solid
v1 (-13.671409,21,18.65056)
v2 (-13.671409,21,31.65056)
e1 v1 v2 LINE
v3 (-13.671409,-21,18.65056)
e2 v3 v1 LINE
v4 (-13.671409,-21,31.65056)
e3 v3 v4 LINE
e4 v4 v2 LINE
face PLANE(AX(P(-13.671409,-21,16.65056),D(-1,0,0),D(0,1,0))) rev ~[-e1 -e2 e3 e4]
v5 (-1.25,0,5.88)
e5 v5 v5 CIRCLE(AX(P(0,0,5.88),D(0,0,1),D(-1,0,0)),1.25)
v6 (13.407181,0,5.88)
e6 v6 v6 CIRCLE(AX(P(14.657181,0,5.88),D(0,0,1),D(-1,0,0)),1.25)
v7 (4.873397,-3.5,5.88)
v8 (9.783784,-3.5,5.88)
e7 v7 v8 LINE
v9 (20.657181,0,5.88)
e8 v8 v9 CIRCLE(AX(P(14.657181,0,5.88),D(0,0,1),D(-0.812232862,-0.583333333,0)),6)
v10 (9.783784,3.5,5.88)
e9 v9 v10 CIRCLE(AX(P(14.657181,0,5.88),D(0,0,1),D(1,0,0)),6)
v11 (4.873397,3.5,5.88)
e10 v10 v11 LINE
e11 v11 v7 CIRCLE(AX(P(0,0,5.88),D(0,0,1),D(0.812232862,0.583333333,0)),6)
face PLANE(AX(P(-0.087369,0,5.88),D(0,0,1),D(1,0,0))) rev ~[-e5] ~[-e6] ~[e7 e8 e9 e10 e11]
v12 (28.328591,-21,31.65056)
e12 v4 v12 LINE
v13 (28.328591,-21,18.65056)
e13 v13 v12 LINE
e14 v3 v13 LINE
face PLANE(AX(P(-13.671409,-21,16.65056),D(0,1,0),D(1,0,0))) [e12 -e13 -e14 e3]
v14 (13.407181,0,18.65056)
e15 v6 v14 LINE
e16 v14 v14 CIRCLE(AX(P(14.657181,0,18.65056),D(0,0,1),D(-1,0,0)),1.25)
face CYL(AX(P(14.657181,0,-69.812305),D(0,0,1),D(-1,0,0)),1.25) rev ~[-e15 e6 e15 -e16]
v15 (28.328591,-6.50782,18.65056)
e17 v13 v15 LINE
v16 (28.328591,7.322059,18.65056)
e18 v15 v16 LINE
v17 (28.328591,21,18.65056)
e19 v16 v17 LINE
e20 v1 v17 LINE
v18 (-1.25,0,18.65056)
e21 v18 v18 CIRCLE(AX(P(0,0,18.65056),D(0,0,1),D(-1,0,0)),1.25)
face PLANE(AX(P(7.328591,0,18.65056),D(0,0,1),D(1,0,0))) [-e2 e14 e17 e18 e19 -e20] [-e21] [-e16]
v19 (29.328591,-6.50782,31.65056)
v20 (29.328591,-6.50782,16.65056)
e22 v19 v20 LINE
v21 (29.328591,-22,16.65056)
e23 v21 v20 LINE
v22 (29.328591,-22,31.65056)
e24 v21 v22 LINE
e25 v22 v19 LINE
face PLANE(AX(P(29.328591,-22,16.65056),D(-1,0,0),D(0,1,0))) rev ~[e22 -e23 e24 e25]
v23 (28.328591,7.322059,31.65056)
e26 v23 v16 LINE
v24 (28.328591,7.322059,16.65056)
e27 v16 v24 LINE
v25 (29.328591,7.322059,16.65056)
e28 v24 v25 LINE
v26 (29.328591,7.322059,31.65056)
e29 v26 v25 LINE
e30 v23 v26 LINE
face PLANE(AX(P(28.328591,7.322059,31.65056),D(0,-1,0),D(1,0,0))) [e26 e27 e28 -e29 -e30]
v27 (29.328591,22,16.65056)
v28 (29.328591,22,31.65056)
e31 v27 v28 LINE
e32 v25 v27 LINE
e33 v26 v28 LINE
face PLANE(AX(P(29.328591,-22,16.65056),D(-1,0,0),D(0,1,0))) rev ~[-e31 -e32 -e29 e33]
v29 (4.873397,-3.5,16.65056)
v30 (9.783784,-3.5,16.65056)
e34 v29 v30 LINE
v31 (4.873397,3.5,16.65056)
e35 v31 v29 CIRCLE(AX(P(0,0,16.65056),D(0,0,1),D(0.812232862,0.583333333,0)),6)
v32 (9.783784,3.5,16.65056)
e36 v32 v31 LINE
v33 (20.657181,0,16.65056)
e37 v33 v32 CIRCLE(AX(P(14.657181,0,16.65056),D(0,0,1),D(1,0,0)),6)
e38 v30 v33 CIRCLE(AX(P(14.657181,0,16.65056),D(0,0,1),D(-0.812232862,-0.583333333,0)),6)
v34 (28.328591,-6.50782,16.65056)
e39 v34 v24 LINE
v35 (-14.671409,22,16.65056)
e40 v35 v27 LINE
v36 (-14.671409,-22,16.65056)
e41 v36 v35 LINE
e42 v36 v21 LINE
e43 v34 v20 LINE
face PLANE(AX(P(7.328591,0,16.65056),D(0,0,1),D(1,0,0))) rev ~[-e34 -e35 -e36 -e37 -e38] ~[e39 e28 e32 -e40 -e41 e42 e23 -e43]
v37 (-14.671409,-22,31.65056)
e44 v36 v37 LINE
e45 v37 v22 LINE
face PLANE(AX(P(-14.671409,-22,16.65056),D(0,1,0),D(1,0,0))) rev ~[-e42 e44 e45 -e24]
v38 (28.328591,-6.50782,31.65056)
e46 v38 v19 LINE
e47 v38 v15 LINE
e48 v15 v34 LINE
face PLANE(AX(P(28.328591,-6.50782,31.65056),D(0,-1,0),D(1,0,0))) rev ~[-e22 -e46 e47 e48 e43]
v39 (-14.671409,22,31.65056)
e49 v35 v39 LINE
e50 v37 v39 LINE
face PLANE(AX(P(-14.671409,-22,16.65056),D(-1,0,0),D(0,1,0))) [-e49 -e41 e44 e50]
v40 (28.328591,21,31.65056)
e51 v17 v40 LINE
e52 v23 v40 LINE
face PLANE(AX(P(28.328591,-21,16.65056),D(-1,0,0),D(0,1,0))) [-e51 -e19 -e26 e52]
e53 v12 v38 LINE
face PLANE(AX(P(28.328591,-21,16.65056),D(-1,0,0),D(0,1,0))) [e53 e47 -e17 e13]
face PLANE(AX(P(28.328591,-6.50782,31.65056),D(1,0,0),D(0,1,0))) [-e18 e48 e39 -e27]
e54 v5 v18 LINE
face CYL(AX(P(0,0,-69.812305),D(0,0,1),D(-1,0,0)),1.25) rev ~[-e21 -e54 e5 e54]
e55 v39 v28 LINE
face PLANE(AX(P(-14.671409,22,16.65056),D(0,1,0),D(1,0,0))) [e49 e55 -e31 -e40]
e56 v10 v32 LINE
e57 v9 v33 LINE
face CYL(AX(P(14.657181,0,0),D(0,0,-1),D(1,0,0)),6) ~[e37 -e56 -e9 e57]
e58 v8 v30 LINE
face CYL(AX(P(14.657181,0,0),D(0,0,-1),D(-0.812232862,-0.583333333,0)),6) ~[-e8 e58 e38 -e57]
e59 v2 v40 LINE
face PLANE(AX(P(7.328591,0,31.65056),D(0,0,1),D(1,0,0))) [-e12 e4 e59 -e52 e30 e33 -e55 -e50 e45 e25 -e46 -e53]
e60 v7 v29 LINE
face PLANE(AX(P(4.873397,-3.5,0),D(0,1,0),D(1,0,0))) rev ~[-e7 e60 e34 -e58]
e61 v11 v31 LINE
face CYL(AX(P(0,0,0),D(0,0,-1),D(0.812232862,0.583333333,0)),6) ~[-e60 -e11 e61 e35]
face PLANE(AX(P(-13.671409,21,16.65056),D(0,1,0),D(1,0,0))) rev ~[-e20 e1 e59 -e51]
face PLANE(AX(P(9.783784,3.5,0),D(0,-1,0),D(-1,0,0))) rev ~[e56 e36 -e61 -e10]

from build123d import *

# Parameters (mm, degrees)
F1_DEPTH = 16.65056
F2_W     = 42
F2_H     = 42
F3_DEPTH = 2
F2_W_2   = 44
F2_H_2   = 44
F4_DEPTH = 15
F6_D     = 2.5
F7_DEPTH = 5.88
F8_W     = 1
F8_H     = 13.8298794627
F9_DEPTH = 25


with BuildPart() as f1:
    # F0 (on Top) → F1 (new body)
    with BuildSketch(Plane.XY):
        with BuildLine():
            Line((0.0728459244, 3.5), (4.8733971724, 3.5))
            ThreePointArc((4.8733971724, 3.5), (-6, 0), (4.8733971724, -3.5))
            Line((4.8733971724, -3.5), (0.0728459244, -3.5))
            Line((0.0728459244, -3.5), (0.0728459244, 3.5))
        make_face()
        with BuildLine():
            ThreePointArc((4.8733971724, 3.5), (5.7114088907, 1.8384255445), (6, 0))
            ThreePointArc((6, 0), (5.7114088907, -1.8384255445), (4.8733971724, -3.5))
            Line((4.8733971724, -3.5), (9.7837838487, -3.5))
            ThreePointArc((9.7837838487, -3.5), (8.6571810211, 0), (9.7837838487, 3.5))
            Line((9.7837838487, 3.5), (4.8733971724, 3.5))
        make_face()
        with BuildLine():
            ThreePointArc((4.8733971724, -3.5), (5.7114088907, -1.8384255445), (6, 0))
            ThreePointArc((6, 0), (5.7114088907, 1.8384255445), (4.8733971724, 3.5))
            Line((4.8733971724, 3.5), (0.0728459244, 3.5))
            Line((0.0728459244, 3.5), (0.0728459244, -3.5))
            Line((0.0728459244, -3.5), (4.8733971724, -3.5))
        make_face()
        with BuildLine():
            Line((14.6571810211, 3.5), (9.7837838487, 3.5))
            ThreePointArc((9.7837838487, 3.5), (8.6571810211, 0), (9.7837838487, -3.5))
            Line((9.7837838487, -3.5), (14.6571810211, -3.5))
            Line((14.6571810211, -3.5), (14.6571810211, 3.5))
        make_face()
        with BuildLine():
            ThreePointArc((20.6571810211, 0), (16.4956065656, 5.7114088907), (9.7837838487, 3.5))
            Line((9.7837838487, 3.5), (14.6571810211, 3.5))
            Line((14.6571810211, 3.5), (14.6571810211, -3.5))
            Line((14.6571810211, -3.5), (9.7837838487, -3.5))
            ThreePointArc((9.7837838487, -3.5), (16.4956065656, -5.7114088907), (20.6571810211, 0))
        make_face()
    extrude(amount=F1_DEPTH)

    # F2 (on face) → F3 (join)
    with BuildSketch(Plane.XY.offset(16.65056)):
        with Locations((7.3285905105, 0)):
            Rectangle(F2_W, F2_H)
        with BuildLine():
            ThreePointArc((4.8733971724, -3.5), (-6, 0), (4.8733971724, 3.5))
            Line((4.8733971724, 3.5), (9.7837838487, 3.5))
            ThreePointArc((9.7837838487, 3.5), (20.6571810211, 0), (9.7837838487, -3.5))
            Line((9.7837838487, -3.5), (4.8733971724, -3.5))
        make_face(mode=Mode.SUBTRACT)
        with BuildLine():
            Line((9.7837838487, 3.5), (4.8733971724, 3.5))
            ThreePointArc((4.8733971724, 3.5), (-6, 0), (4.8733971724, -3.5))
            Line((4.8733971724, -3.5), (9.7837838487, -3.5))
            ThreePointArc((9.7837838487, -3.5), (20.6571810211, 0), (9.7837838487, 3.5))
        make_face()
    extrude(amount=F3_DEPTH)

    # F2 (on face) → F4 (join)
    with BuildSketch(Plane.XY.offset(16.65056)):
        with Locations((7.3285905105, 0)):
            Rectangle(F2_W_2, F2_H_2)
        with Locations((7.3285905105, 0)):
            Rectangle(F2_W, F2_H, mode=Mode.SUBTRACT)
    extrude(amount=F4_DEPTH)

    # F6 (through all)
    with Locations(Plane(origin=(0, 0, 0), x_dir=(1, 0, 0), z_dir=(0, 0, -1))):
        with Locations((0, 0), (14.6571810211, 0)):
            Hole(F6_D / 2)

    # F7 (cut): a face of the model
    f7_faces = [f1.faces().sort_by_distance(p)[0] for p in [
        (7.3285905105, 0, 0),
    ]]
    extrude(f7_faces, amount=-F7_DEPTH, mode=Mode.SUBTRACT)

    # F8 (on face) → F9 (cut)
    with BuildSketch(Plane.XY.offset(31.65056)):
        with Locations((28.8285905105, 0.4071192816)):
            Rectangle(F8_W, F8_H)
    extrude(amount=-F9_DEPTH, mode=Mode.SUBTRACT)


solid = f1.part
